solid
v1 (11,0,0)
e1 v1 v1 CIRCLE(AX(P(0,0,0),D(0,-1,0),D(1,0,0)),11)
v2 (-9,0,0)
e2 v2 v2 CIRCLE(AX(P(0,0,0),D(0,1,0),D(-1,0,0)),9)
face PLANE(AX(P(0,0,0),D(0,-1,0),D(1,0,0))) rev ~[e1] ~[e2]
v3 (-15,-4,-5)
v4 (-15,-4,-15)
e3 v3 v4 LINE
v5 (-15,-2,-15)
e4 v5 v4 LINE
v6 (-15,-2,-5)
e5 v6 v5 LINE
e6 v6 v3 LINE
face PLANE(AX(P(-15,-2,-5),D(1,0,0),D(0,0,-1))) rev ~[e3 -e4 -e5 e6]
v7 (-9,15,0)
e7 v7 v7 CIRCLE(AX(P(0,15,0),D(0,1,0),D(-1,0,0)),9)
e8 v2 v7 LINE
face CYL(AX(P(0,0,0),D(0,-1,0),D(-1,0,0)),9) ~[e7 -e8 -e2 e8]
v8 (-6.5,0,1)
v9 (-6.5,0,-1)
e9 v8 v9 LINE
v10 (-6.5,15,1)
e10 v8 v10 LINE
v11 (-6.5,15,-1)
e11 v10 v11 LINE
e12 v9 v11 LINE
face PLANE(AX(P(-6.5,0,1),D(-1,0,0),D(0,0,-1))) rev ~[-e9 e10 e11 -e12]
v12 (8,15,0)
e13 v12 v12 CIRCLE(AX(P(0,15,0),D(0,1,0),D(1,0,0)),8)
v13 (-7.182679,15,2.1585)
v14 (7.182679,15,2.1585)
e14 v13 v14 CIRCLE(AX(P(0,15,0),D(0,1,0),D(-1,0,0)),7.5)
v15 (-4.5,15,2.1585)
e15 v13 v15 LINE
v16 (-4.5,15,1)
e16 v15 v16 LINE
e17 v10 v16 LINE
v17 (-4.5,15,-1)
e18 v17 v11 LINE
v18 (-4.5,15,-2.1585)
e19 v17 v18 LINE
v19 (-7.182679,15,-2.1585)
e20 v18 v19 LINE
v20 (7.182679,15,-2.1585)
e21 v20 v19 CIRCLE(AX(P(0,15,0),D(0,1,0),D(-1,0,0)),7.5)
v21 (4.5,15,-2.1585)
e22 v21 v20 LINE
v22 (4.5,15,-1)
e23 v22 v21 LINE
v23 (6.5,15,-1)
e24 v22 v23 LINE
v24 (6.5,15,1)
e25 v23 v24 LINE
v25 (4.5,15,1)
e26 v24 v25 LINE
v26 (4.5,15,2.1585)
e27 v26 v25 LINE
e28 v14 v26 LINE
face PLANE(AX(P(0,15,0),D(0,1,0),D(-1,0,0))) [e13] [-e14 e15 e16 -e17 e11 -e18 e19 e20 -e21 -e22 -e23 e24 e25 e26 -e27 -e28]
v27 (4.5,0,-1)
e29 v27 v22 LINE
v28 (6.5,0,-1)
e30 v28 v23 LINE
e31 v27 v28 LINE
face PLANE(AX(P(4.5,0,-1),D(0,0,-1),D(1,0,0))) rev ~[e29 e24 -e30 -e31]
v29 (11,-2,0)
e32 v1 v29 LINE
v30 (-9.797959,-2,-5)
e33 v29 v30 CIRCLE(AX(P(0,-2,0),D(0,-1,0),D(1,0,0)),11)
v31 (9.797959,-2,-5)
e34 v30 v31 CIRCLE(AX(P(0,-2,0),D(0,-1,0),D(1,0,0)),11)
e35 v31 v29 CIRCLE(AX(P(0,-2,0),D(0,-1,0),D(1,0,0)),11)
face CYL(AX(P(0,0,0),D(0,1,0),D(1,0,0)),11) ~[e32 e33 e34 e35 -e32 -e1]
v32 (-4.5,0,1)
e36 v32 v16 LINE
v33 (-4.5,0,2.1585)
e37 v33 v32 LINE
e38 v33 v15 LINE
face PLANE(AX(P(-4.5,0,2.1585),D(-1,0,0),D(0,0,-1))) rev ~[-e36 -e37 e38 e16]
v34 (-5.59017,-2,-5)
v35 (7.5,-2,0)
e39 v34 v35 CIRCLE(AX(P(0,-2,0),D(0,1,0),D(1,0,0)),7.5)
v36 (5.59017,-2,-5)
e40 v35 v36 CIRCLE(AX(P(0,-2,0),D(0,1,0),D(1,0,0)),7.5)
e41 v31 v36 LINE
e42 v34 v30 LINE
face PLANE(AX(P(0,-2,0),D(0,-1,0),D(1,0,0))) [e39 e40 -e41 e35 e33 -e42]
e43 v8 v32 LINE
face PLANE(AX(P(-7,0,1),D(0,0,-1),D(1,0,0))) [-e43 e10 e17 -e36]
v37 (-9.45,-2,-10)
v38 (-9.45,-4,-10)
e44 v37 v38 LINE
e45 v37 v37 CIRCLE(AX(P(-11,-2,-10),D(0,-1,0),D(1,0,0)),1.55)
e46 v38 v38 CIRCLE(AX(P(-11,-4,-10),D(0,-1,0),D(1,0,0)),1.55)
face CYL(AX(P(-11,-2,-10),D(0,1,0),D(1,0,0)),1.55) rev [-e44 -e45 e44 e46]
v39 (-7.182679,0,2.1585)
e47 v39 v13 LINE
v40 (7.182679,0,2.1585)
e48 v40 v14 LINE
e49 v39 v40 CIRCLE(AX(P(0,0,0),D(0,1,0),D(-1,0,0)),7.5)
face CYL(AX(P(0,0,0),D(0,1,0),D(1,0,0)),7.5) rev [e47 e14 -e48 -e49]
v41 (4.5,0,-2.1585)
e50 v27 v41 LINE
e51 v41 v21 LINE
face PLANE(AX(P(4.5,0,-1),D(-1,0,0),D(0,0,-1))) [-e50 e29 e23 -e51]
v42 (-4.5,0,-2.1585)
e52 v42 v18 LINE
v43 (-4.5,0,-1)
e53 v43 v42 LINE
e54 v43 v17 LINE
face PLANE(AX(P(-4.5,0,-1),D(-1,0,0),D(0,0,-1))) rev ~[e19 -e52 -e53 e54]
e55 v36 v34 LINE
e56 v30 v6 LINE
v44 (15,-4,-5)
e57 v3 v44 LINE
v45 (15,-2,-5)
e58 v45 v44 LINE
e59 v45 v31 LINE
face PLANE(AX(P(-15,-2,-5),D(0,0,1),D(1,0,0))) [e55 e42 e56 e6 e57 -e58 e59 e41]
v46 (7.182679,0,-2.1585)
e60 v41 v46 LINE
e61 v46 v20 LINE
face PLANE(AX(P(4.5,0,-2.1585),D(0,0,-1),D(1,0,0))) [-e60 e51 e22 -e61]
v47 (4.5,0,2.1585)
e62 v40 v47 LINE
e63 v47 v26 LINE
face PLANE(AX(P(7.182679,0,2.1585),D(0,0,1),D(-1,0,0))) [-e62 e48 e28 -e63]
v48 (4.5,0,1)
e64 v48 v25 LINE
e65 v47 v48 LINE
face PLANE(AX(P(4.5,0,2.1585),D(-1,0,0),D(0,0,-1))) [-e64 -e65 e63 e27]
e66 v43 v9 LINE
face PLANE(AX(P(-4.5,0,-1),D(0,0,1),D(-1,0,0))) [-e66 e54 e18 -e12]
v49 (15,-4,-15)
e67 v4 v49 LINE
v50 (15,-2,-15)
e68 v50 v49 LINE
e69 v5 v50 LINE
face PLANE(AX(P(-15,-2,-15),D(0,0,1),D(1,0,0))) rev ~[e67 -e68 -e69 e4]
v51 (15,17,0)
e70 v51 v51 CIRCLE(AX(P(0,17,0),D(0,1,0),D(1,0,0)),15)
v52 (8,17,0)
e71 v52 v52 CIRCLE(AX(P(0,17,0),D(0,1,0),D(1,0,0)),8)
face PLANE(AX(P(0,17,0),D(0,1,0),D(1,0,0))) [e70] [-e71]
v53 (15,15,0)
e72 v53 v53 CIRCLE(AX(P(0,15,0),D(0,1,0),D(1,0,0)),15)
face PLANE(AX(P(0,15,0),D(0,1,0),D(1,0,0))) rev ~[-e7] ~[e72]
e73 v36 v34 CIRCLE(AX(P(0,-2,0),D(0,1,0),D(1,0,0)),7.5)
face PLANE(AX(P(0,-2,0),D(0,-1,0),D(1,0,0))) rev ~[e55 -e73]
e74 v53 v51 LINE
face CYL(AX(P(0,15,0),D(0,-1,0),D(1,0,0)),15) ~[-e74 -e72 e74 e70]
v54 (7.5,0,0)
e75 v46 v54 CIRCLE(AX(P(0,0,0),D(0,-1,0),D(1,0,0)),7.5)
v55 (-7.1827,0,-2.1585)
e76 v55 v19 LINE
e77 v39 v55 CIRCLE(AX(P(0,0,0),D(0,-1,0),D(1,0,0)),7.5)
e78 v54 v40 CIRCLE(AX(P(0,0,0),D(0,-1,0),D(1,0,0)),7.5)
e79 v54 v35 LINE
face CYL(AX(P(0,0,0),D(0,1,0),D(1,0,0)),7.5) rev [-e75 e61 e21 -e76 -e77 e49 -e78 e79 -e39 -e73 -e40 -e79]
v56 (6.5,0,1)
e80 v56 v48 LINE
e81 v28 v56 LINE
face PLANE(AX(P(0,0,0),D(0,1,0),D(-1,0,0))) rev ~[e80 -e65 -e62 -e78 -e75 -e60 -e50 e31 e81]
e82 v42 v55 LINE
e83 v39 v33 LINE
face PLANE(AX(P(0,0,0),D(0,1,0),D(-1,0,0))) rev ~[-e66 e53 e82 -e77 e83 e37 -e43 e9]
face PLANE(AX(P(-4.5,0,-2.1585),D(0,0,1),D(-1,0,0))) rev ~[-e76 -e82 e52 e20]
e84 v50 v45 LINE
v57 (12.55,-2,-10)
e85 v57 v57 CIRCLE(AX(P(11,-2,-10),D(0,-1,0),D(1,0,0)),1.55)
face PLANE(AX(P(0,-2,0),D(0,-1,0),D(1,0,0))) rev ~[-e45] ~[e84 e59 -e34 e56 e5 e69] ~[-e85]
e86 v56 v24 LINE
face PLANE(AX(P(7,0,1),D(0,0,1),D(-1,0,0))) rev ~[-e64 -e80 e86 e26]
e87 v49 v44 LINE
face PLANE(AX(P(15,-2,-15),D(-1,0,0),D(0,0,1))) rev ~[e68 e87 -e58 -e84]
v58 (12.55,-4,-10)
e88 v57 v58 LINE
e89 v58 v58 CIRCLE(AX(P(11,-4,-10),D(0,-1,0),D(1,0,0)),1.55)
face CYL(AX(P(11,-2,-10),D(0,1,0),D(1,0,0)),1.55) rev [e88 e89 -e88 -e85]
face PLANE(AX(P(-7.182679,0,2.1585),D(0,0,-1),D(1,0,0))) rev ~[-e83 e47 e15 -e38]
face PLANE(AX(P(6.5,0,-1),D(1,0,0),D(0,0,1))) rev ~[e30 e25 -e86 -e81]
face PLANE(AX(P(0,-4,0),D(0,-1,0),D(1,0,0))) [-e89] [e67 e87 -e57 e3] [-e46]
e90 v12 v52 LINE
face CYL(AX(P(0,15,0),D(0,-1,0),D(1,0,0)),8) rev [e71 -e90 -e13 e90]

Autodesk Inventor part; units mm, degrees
ref_plane "YZ Plane" through (0, 0, 0) normal (1, 0, 0) x (0, 1, 0)
ref_plane "XZ Plane" through (0, 0, 0) normal (0, 1, 0) x (-1, 0, 0)
ref_plane "XY Plane" through (0, 0, 0) normal (0, 0, 1) x (1, 0, 0)
sketch "草圖1" plane through (0, 0, 0) normal (0, 1, 0) x (-1, 0, 0)
  circle A0 centre (0, 0) radius 7.5
  circle A1 centre (0, 0) radius 9
  line L0 (7.5, 2.1585) -> (4.5, 2.1585)
  line L1 (4.5, 2.1585) -> (4.5, -2.1585)
  line L2 (4.5, -2.1585) -> (7.5, -2.1585)
  line L3 (7.5, -2.1585) -> (7.5, 2.1585)
  line L4 (7, 1) -> (4.5, 1)
  line L5 (4.5, 1) -> (4.5, -1)
  line L6 (4.5, -1) -> (7, -1)
  line L7 (7, -1) -> (7, 1)
  line L8 (0, 5.058) -> (0, -5.7034)
  line L9 (-7.5, 2.1585) -> (-4.5, 2.1585)
  line L10 (-4.5, 2.1585) -> (-4.5, -2.1585)
  line L11 (-4.5, -2.1585) -> (-7.5, -2.1585)
  line L12 (-7.5, -2.1585) -> (-7.5, 2.1585)
  line L13 (-7, 1) -> (-4.5, 1)
  line L14 (-4.5, -1) -> (-7, -1)
  line L15 (-7, -1) -> (-7, 1)
  point P0 (5.75, -1)
  point P1 (7.5, 0)
  point P2 (-7.1827, 2.1585)
  point P3 (7.1827, 2.1585)
  point P4 (4.5, 1)
  point P5 (7.1827, -2.1585)
  point P6 (-7.1827, -2.1585)
  point P7 (-4.5, 1)
  dimension "d0" = 15
  dimension "d1" = 18
  dimension "d2" = 2
  dimension "d3" = 1
  dimension "d4" = 0
  dimension "d5" = 2.5
  dimension "d28" = 3
extrude "擠出1" add sketch "草圖1" along normal blind 15 contours A0 L2 L1 L6 L7 L4 L0 | L3 L2 A0 | A0 L0 L3 | L9 L10 L13 L15 L14 L11 A0 | A0 L12 L9 | L11 L12 A0 | A1
sketch "草圖2" plane through (0, 15, 0) normal (0, 1, 0) x (1, 0, 0)
  circle A0 centre (0, 0) radius 15
  circle A1 centre (0, 0) radius 8
  dimension "d8" = 30
  dimension "d23" = 16
extrude "擠出2" add sketch "草圖2" along normal blind 2
sketch "草圖3" plane through (0, 0, 0) normal (0, -1, 0) x (1, 0, 0)
  circle A0 centre (0, 0) radius 11
  line L0 (-4.5, -2.1585) -> (-7.1827, -2.1585) projected
  circle A1 centre (0, 0) radius 7.5
extrude "擠出3" add sketch "草圖3" along normal blind 2
sketch "草圖4" plane through (0, -2, 0) normal (0, -1, 0) x (1, 0, 0)
  line L0 (-15, -15) -> (15, -15)
  line L1 (15, -15) -> (15, -5)
  line L2 (-15, -5) -> (-15, -15)
  circle A0 centre (0, 0) radius 7.5 projected
  circle A1 centre (11, -10) radius 1.55
  circle A2 centre (-11, -10) radius 1.55
  line L3 (-15, -5) -> (15, -5)
  point P0 (0, -15)
  point P1 (-15, -10)
  point P2 (15, -10)
  dimension "d13" = 30
  dimension "d14" = 0
  dimension "d15" = 10
  dimension "d16" = 3.1
  dimension "d17" = 3.1
  dimension "d18" = 11
  dimension "d19" = 11
  dimension "d22" = 5
extrude "擠出4" add sketch "草圖4" along normal blind 2 contours L2 L3 A0 L1 L0 | L3 A0 picked at (1.4132, -5.3956)
sketch "草圖5" plane through (0, 0, 0) normal (0, -1, 0) x (1, 0, 0)
  line L0 (7, -1) -> (7, 1) projected
  line L1 (7, 1) -> (4.5, 1) projected
  line L2 (7, -1) -> (6.5, -1)
  line L3 (6.5, -1) -> (6.5, 1)
  line L4 (6.5, 1) -> (7, 1)
  line L5 (7, 1) -> (7, -1)
  line L6 (-7, -1) -> (-4.5, -1) projected
  line L7 (-7, 1) -> (-7, -1) projected
  line L8 (-6.5, -1) -> (-7, -1)
  line L9 (-7, -1) -> (-7, 1)
  line L10 (-7, 1) -> (-6.5, 1)
  line L11 (-6.5, 1) -> (-6.5, -1)
  point P0 (0, 0)
  dimension "d24" = 0.5
  dimension "d25" = 0.5
extrude "擠出5" add sketch "草圖5" against normal blind 15
properties part number "tmrEXCI"
